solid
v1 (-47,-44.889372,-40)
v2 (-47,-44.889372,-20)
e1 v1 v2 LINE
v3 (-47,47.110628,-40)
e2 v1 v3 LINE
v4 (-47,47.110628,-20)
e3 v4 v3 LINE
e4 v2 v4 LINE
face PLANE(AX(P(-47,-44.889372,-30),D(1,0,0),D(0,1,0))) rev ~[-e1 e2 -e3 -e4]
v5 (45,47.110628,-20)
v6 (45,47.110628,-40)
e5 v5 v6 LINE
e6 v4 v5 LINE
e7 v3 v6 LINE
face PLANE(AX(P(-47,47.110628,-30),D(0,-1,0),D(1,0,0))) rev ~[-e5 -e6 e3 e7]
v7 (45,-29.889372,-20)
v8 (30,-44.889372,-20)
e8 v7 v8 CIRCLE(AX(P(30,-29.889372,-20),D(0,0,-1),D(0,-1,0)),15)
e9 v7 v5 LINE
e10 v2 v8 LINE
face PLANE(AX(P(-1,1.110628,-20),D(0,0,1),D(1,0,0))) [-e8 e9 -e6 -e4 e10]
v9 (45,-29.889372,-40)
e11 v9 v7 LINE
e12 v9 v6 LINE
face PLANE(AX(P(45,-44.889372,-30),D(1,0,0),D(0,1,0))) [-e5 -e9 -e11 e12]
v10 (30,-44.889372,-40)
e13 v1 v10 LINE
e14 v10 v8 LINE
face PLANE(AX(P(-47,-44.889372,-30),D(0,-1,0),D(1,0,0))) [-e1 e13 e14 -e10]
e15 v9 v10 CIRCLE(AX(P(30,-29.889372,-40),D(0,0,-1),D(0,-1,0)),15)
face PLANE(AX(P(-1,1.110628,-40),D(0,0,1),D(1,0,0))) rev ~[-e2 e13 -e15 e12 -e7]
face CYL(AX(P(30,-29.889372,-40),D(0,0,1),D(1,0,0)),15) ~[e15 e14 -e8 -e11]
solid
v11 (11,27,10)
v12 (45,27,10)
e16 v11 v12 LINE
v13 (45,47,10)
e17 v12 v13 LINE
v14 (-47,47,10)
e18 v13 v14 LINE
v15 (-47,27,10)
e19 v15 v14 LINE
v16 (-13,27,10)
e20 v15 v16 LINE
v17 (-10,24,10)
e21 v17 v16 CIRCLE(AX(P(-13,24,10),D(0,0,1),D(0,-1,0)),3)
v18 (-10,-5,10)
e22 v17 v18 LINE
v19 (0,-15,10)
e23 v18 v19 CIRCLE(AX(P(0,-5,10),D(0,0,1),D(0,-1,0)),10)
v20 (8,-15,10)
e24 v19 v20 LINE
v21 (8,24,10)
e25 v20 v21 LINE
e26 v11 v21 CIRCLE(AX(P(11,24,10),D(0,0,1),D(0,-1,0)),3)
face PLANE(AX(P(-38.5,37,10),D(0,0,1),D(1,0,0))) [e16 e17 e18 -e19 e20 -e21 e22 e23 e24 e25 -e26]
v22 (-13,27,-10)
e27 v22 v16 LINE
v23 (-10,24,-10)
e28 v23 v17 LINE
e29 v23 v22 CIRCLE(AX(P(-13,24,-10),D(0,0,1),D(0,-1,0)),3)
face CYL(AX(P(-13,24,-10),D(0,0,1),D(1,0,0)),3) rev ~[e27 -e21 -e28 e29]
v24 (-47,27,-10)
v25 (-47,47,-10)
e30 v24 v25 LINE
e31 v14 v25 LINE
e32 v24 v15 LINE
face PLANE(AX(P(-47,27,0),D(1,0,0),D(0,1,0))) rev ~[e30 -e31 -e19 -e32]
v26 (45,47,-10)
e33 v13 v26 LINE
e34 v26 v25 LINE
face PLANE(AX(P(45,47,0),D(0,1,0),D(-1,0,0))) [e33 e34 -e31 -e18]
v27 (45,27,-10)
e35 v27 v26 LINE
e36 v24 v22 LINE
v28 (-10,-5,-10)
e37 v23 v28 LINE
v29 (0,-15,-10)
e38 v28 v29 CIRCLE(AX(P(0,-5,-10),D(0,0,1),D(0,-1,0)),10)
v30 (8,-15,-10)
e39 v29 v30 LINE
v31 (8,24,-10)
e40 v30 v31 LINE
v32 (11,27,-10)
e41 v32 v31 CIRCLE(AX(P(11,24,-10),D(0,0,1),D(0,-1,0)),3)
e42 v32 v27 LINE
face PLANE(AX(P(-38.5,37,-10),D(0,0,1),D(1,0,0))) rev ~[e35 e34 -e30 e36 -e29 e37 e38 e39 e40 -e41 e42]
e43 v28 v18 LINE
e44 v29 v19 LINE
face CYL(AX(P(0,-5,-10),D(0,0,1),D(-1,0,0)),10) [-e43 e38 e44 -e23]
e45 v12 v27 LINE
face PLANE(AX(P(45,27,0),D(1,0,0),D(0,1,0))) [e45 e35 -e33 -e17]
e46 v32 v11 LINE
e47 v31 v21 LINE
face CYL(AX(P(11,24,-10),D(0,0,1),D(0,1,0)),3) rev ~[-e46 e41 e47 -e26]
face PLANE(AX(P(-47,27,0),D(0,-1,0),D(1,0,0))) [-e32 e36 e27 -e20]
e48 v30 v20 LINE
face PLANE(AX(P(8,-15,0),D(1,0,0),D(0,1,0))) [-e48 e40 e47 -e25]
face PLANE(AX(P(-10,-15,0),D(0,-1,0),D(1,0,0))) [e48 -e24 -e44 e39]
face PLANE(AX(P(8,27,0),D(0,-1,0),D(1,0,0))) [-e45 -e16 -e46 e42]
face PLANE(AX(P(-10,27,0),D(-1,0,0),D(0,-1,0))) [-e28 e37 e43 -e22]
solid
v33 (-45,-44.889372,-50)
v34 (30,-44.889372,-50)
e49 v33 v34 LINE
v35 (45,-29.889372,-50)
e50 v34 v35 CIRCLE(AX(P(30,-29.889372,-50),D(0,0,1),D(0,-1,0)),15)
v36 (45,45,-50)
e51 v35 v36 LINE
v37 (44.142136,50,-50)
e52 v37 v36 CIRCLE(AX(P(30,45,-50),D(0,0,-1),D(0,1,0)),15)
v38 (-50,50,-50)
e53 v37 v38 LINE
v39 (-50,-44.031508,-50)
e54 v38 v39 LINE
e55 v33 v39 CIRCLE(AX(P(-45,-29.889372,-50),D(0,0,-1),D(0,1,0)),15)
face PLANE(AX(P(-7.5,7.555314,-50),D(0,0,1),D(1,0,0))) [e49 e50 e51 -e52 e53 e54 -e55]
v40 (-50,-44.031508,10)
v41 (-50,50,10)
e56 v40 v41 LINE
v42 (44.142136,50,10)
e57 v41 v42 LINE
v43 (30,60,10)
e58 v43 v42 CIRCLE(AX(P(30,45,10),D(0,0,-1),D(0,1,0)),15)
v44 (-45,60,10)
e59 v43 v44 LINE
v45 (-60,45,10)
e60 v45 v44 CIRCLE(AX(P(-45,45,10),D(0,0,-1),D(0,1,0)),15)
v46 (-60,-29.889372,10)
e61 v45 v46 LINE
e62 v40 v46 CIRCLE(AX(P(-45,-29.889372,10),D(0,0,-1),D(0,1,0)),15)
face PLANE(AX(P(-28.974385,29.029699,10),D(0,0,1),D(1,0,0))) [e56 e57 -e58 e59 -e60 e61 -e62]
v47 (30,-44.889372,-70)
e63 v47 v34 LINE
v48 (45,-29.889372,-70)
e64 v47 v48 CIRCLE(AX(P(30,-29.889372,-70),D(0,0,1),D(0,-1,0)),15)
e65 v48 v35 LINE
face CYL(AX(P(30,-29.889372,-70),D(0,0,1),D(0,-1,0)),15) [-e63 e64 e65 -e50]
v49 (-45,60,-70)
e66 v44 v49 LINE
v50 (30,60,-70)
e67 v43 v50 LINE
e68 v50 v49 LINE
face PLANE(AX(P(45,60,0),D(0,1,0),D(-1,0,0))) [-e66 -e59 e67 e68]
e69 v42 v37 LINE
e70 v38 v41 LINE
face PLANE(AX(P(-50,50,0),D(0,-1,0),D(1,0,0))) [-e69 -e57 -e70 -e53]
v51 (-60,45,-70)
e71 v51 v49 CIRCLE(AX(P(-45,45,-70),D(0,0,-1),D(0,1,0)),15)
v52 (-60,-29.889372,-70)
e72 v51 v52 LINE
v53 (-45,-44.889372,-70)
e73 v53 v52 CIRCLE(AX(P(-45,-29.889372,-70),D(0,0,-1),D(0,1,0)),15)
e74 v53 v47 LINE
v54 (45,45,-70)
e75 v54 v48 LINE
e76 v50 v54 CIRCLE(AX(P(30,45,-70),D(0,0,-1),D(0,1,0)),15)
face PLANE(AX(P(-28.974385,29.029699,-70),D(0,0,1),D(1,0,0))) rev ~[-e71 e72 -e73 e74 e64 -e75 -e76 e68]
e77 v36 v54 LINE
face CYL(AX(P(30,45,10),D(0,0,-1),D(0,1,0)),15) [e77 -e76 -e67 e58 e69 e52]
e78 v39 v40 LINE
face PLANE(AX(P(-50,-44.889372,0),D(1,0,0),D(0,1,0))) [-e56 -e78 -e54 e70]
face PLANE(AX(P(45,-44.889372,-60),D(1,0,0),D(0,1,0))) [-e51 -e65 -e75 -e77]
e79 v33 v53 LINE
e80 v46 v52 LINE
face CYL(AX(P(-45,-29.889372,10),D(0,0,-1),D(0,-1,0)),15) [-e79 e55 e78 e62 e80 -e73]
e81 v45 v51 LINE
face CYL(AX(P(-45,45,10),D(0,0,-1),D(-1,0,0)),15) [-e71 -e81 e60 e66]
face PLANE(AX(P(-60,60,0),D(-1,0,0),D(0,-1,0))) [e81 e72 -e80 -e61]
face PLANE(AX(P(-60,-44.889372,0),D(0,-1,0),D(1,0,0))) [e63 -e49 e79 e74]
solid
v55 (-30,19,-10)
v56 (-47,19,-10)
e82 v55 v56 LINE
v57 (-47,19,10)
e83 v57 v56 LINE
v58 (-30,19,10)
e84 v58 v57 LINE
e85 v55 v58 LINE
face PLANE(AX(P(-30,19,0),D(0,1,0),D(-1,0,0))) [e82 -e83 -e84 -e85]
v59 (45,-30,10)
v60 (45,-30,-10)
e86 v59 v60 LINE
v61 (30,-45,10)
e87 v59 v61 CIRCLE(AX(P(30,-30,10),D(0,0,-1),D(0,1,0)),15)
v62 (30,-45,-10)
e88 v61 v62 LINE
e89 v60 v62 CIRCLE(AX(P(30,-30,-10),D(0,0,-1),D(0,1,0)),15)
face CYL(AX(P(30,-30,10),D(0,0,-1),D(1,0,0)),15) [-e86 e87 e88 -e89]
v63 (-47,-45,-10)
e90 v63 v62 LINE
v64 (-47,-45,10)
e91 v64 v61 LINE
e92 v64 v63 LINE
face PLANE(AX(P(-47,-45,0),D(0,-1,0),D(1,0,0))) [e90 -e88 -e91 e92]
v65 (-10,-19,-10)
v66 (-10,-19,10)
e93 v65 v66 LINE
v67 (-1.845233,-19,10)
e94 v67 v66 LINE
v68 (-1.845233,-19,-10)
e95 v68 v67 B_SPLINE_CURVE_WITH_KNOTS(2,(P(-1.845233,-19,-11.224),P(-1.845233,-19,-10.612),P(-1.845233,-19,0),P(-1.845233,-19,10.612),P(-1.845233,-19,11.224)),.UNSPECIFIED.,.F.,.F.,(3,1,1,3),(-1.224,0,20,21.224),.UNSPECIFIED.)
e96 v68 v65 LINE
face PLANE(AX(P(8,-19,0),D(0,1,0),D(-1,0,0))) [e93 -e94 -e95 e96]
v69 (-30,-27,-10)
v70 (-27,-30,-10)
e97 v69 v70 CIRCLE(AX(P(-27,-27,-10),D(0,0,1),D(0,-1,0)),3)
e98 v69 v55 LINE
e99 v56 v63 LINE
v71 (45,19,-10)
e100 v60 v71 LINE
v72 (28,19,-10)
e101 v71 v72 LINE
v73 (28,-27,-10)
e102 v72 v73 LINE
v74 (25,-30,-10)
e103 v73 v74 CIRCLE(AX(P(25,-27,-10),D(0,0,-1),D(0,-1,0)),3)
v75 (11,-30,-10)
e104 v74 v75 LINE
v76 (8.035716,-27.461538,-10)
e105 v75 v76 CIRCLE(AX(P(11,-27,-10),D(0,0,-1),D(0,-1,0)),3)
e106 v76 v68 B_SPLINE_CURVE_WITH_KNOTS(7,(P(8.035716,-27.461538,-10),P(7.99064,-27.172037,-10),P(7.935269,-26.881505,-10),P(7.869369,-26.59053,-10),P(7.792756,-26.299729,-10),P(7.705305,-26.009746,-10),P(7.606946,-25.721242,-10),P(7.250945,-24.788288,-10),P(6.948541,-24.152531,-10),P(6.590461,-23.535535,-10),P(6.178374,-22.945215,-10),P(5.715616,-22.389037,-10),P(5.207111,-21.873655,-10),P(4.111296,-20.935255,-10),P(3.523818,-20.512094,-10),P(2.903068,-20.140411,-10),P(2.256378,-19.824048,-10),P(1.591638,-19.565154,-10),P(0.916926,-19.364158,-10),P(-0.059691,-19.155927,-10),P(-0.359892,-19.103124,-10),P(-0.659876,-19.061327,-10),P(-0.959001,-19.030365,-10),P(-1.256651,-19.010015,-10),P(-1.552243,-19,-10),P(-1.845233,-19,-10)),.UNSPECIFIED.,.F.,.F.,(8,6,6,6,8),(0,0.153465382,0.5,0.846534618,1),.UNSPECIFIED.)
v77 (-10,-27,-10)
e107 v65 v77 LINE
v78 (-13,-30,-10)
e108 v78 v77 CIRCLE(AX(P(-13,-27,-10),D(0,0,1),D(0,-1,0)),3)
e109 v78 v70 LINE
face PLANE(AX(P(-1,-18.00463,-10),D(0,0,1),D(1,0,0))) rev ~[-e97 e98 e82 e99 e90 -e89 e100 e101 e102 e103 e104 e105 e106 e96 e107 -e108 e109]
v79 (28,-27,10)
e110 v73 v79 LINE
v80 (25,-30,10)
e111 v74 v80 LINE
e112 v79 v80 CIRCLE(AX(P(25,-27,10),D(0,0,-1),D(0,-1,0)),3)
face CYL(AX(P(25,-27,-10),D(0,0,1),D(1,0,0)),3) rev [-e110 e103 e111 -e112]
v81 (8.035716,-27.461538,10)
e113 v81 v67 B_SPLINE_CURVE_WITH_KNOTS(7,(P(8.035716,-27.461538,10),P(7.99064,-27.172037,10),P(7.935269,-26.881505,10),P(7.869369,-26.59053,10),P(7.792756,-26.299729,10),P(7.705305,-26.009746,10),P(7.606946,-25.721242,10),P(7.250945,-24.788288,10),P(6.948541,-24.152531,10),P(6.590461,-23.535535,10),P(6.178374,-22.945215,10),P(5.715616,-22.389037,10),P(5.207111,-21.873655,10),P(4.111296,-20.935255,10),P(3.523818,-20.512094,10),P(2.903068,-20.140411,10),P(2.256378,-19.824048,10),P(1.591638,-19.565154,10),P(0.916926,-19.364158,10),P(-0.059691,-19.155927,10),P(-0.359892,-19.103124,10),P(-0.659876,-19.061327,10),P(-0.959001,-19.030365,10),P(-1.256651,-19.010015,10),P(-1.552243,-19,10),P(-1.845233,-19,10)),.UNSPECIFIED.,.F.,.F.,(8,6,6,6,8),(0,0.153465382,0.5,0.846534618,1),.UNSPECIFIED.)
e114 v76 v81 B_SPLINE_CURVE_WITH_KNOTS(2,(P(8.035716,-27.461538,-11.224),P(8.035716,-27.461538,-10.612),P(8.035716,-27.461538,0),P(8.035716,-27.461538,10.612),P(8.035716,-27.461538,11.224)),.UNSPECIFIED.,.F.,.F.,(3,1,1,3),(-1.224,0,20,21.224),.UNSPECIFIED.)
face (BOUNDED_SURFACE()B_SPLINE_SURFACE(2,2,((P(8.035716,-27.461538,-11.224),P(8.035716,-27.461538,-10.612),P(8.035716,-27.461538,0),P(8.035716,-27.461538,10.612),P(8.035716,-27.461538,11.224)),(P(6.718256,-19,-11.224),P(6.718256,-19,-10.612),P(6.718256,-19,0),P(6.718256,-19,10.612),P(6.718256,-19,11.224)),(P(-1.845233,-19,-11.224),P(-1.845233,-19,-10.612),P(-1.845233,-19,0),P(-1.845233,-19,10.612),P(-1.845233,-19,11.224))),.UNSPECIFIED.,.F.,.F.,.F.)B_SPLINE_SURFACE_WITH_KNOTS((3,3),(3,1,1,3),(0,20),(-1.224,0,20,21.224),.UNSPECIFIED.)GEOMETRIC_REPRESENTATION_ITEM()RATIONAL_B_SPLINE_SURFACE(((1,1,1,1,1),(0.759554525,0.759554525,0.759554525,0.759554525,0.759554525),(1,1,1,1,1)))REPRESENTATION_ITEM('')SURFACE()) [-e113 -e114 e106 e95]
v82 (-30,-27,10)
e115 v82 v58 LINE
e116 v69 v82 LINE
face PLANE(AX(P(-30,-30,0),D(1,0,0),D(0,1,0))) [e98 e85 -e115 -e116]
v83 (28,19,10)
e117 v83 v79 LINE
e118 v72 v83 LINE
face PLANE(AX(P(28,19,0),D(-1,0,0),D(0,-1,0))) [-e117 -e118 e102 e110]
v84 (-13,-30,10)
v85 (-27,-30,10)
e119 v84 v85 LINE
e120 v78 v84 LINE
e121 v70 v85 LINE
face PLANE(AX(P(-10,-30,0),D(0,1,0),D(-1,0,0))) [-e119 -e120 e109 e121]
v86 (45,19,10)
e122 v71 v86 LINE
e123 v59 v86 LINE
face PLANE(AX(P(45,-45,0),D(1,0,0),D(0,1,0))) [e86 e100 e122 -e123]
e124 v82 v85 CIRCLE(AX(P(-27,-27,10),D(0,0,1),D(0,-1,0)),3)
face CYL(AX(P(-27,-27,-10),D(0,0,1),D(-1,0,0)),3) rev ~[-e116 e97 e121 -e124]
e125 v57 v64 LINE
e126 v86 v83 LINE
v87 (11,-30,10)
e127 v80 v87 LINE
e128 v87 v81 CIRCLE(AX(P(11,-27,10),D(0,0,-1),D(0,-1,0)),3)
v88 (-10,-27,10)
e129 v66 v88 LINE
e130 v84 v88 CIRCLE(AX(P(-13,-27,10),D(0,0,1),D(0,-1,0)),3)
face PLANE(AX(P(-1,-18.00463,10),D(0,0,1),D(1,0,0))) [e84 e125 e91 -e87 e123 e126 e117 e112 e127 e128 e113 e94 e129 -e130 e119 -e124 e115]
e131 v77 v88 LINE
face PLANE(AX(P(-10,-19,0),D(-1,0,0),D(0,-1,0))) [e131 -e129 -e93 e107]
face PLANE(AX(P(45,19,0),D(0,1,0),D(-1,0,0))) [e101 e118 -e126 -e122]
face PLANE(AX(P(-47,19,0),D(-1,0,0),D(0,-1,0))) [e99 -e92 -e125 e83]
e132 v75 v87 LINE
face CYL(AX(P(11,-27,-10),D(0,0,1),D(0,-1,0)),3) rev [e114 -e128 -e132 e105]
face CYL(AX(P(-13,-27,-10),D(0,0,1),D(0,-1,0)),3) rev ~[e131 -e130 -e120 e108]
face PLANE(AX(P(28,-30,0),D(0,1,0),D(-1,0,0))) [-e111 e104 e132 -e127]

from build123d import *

# Parameters (mm, degrees)
F0_W          = 17
F0_H          = 20
F1_DEPTH      = 10
F1_DEPTH_BACK = 10
F5_DEPTH      = 10
F5_DEPTH_BACK = 70
F6_W          = 105
F6_H          = 104.889372
F7_DEPTH      = 10
F8_W          = 92
F8_H          = 92
F9_DEPTH      = 10
F10_R         = 15
F10_2_R       = 15
F10_3_R       = 15
F11_R         = 3
F12_R         = 10


with BuildPart() as f1:
    # F0 (on Top) → F1 (new body, two sides)
    with BuildSketch(Plane.XY) as f1_sk:
        Polygon((45, -45), (45, 19), (28, 19), (28, -30), (8, -30), (8, -19), (-10, -19), (-10, -30), (-30, -30), (-30, 19), (-47, 19), (-47, -45), align=None)
        with Locations((-38.5, 37)):
            Rectangle(F0_W, F0_H)
        Polygon((-10, -15), (8, -15), (8, 27), (45, 27), (45, 47), (-30, 47), (-30, 27), (-10, 27), align=None)
    extrude(amount=F1_DEPTH)
    extrude(f1_sk.sketch, amount=-F1_DEPTH_BACK)

    # F10#2
    f10_2_edges = [f1.edges().sort_by_distance(p)[0] for p in [
        (45, -45, 0),
    ]]
    fillet(f10_2_edges, radius=F10_2_R)

    # F11
    f11_edges = [f1.edges().sort_by_distance(p)[0] for p in [
        (8, -30, 0),
        (-30, -30, 0),
        (-10, -30, 0),
        (28, -30, 0),
        (-10, 27, 0),
        (8, 27, 0),
    ]]
    fillet(f11_edges, radius=F11_R)

    # F12
    f12_edges = [f1.edges().sort_by_distance(p)[0] for p in [
        (-10, -15, 0),
        (8, -19, 0),
    ]]
    fillet(f12_edges, radius=F12_R)


with BuildPart() as f5:
    # F4 (on Top) → F5 (new body, two sides)
    with BuildSketch(Plane.XY) as f5_sk:
        Polygon((-60, -44.889372), (-50, -44.889372), (-50, 50), (45, 50), (45, 60), (-60, 60), align=None)
    extrude(amount=F5_DEPTH)
    extrude(f5_sk.sketch, amount=-F5_DEPTH_BACK)

    # F6 (on offset) → F7 (join, symmetric)
    with BuildSketch(Plane.XY.offset(-60)):
        with Locations((-7.5, 7.555314)):
            Rectangle(F6_W, F6_H)
    extrude(amount=F7_DEPTH, both=True)

    # F10
    f10_edges = [f5.edges().sort_by_distance(p)[0] for p in [
        (45, 60, -30),
        (-60, -44.889372, -30),
        (45, -44.889372, -60),
        (-60, 60, -30),
    ]]
    fillet(f10_edges, radius=F10_R)


with BuildPart() as f9:
    # F8 (on offset) → F9 (new body, symmetric)
    with BuildSketch(Plane.XY.offset(-30)):
        with Locations((-1, 1.110628)):
            Rectangle(F8_W, F8_H)
    extrude(amount=F9_DEPTH, both=True)

    # F10#3
    f10_3_edges = [f9.edges().sort_by_distance(p)[0] for p in [
        (45, -44.889372, -30),
    ]]
    fillet(f10_3_edges, radius=F10_3_R)


solid = Compound([f1.part, f5.part, f9.part])
